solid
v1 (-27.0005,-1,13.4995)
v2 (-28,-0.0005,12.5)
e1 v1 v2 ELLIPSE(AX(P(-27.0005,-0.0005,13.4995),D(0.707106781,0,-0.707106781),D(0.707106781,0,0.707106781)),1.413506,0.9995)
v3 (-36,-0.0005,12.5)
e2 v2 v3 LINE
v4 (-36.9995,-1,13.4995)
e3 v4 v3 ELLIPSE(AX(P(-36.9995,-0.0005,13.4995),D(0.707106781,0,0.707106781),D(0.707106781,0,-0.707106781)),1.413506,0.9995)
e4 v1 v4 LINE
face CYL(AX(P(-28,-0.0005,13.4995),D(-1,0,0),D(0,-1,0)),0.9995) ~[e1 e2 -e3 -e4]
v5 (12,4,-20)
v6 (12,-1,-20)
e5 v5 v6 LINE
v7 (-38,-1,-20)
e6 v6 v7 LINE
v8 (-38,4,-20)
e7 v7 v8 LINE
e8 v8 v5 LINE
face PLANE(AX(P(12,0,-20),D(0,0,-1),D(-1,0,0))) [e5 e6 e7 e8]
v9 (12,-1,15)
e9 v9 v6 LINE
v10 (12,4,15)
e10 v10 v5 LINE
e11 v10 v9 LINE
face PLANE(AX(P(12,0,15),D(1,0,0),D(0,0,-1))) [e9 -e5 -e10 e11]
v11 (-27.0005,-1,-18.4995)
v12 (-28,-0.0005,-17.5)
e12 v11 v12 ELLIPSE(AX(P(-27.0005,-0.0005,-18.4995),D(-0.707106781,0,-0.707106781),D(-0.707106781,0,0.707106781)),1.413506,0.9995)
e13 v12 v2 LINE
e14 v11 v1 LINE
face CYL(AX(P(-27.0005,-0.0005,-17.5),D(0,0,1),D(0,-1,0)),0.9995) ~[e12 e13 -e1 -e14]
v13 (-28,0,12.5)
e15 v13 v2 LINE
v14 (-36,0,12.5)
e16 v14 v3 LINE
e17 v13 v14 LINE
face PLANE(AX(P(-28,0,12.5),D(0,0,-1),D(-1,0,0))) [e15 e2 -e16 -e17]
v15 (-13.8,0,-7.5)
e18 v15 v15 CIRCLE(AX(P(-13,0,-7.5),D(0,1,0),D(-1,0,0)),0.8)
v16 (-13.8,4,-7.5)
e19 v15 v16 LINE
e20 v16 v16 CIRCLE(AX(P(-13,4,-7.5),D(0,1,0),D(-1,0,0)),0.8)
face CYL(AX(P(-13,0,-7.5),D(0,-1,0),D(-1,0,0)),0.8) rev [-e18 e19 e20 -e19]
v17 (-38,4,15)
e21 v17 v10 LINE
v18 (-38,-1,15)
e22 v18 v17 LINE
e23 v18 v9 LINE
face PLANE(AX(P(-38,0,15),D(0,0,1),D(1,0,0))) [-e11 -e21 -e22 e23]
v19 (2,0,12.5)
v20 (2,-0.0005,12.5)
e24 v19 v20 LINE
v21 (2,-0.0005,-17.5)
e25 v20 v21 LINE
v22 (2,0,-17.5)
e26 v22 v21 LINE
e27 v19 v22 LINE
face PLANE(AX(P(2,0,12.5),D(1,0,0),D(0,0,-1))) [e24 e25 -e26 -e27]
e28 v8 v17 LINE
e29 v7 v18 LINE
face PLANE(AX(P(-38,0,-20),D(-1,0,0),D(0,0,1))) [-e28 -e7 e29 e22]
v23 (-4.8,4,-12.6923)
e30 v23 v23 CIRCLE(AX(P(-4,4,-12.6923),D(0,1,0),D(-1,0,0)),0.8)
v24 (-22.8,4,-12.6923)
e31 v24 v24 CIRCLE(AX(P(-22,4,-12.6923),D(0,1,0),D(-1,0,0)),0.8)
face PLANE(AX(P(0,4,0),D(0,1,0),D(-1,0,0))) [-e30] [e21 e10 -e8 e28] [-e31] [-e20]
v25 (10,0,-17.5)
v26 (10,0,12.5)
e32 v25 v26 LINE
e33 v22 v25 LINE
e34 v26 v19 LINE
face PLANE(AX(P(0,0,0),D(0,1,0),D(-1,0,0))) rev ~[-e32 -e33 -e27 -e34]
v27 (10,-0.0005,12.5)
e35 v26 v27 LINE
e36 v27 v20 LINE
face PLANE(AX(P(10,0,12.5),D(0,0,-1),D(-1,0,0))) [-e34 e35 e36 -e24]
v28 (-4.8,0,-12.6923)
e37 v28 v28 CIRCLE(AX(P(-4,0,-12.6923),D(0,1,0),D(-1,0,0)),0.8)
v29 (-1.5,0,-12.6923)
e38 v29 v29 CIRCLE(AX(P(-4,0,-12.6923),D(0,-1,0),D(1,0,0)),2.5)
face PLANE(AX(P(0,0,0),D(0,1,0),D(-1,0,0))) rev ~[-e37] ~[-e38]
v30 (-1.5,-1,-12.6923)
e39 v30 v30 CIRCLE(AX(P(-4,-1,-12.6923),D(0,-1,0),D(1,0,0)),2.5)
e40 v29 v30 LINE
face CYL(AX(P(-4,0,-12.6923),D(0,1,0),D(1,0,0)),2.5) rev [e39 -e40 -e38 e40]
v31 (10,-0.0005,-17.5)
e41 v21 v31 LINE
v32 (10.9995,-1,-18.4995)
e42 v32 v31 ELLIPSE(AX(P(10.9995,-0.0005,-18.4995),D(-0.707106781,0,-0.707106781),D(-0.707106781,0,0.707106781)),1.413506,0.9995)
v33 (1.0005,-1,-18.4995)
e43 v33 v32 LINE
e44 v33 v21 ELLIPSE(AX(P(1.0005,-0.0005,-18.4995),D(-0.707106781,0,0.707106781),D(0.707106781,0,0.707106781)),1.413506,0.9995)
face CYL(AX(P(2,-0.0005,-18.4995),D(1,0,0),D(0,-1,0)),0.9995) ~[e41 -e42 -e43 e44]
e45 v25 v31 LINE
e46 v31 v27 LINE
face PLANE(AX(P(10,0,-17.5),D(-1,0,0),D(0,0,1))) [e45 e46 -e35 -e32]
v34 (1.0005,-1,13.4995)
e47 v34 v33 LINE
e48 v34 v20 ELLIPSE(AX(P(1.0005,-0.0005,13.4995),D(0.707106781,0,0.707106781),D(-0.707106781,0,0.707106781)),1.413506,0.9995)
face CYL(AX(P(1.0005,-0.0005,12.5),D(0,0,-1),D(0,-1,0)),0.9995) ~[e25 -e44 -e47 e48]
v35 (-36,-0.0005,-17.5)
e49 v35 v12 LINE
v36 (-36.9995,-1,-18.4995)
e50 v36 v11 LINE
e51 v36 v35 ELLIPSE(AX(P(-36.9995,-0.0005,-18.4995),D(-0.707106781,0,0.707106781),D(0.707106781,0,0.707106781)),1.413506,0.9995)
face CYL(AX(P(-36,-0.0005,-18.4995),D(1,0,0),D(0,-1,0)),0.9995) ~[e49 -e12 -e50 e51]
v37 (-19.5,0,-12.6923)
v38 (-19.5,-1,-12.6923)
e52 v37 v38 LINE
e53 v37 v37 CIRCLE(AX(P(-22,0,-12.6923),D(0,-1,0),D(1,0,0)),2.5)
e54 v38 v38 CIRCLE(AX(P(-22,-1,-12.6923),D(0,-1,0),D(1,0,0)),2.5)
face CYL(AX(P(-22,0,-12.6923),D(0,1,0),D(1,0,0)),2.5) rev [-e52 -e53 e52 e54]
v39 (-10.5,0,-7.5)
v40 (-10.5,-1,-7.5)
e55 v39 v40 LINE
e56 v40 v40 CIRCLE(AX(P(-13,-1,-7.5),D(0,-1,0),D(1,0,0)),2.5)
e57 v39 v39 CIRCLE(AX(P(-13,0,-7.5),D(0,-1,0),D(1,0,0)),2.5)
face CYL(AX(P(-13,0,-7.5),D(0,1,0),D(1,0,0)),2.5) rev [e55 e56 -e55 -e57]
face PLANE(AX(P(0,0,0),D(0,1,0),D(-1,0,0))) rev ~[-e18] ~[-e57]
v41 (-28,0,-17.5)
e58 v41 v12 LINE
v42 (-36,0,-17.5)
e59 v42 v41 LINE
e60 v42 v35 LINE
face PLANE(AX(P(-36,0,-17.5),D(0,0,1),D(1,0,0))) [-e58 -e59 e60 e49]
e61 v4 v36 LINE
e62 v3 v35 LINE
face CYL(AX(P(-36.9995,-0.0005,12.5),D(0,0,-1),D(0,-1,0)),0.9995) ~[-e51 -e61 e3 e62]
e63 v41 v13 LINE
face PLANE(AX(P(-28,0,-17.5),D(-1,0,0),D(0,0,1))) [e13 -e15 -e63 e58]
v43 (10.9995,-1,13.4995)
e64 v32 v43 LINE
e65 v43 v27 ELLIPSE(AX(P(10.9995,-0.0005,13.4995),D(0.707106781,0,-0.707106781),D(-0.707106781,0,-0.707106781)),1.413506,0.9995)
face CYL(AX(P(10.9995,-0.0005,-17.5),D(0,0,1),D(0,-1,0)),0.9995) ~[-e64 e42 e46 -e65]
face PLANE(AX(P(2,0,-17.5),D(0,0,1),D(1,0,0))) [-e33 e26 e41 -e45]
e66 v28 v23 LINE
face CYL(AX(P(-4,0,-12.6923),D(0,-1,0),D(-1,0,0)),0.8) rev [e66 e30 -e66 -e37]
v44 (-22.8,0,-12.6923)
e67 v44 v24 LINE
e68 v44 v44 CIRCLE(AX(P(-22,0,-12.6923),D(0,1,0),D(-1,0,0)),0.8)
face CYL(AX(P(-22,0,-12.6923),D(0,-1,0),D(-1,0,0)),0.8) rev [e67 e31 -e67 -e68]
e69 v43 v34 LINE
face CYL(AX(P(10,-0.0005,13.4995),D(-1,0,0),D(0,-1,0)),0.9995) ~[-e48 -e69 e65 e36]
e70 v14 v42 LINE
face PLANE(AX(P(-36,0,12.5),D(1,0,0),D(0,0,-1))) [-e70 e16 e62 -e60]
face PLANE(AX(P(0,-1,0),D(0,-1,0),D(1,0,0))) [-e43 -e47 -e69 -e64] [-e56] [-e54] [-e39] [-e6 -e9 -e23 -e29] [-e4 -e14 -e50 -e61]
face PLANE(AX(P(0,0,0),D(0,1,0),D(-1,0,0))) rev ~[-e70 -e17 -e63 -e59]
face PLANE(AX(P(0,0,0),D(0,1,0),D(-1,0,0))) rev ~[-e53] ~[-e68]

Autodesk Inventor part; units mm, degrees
ref_plane "YZ Plane" through (0, 0, 0) normal (1, 0, 0) x (0, 1, 0)
ref_plane "XZ Plane" through (0, 0, 0) normal (0, 1, 0) x (-1, 0, 0)
ref_plane "XY Plane" through (0, 0, 0) normal (0, 0, 1) x (1, 0, 0)
sketch "スケッチ1" plane through (0, 0, 0) normal (0, 1, 0) x (-1, 0, 0)
  line L0 (26, 0) -> (0, 0)
  line L1 (0, 0) -> (0, -15)
  line L2 (0, -15) -> (26, -15)
  line L3 (26, -15) -> (26, 0)
  line L4 (36.4849, 5.9511) -> (26, -20)
  line L5 (26, -20) -> (0, -20)
  line L6 (0, -20) -> (-10.4849, 5.9511)
  arc A0 (36.4849, 5.9511) -> (-10.4849, 5.9511) centre (13, -20) ccw
  line L7 (0, 0) -> (26, -15)
  line L8 (0, -15) -> (26, 0)
  line L9 (4, -2.3077) -> (22, -2.3077)
  line L10 (22, -2.3077) -> (22, -12.6923)
  line L11 (22, -12.6923) -> (4, -12.6923)
  line L12 (4, -12.6923) -> (4, -2.3077)
  circle A1 centre (4, -2.3077) radius 0.8
  circle A2 centre (4, -12.6923) radius 0.8
  circle A3 centre (22, -2.3077) radius 0.8
  circle A4 centre (22, -12.6923) radius 0.8
  circle A5 centre (13, -7.5) radius 0.8
  line L13 (38, 15) -> (-12, 15)
  line L14 (-12, 15) -> (-12, -20)
  line L15 (-12, -20) -> (38, -20)
  line L16 (38, -20) -> (38, 15)
  point P0 (22.6929, -13.0921)
  point P1 (21.2, -12.6923)
  point P2 (13, 15)
  point P3 (13, -7.5)
  point P4 (13, 15)
  point P5 (0, -20)
  dimension "d0" = 26
  dimension "d1" = 15
  dimension "d4" = 22
  dimension "d5" = 22
  dimension "d6" = 5
  dimension "d7" = 35
  dimension "d23" = 4
  dimension "d24" = 1.6
  dimension "d25" = 1.6
  dimension "d26" = 1.6
  dimension "d27" = 1.6
  dimension "d32" = 1.6
  dimension "d54" = 50
  dimension "d55" = 35
extrude "押し出し1" add sketch "スケッチ1" along normal blind 4 contours L8 A3 L9 A1 L7 L0 | L3 L7 A4 L10 A3 L8 | L7 A1 L12 A2 L8 L1 | L2 L8 A2 L11 A4 L7 | A3 L10 L8 | L8 L9 A3 | A1 L9 L7 | L7 L12 A1 | L10 A3 L8 | L8 A3 L9 | A3 L8 A5 L7 A1 L9 | L9 A1 L7 | L7 A1 L12 | A1 L7 A5 L8 A2 L12 | L11 A2 L8 A5 L7 A4 | A3 L10 A4 L7 A5 L8 | A0 L13 L16 L15 L4 | L4 L5 L6 A0 | A0 L6 L15 L14 L13
sketch "スケッチ5" plane through (0, 0, 0) normal (0, -1, 0) x (1, 0, 0)
  line L0 (12, -20) -> (-38, -20) projected
  line L1 (12, 15) -> (12, -20) projected
  line L2 (-38, 15) -> (12, 15) projected
  line L3 (-38, -20) -> (-38, 15) projected
  circle A0 centre (-13, -7.5) radius 0.8 projected
  circle A1 centre (-4, -12.6923) radius 0.8 projected
  circle A2 centre (-22, -12.6923) radius 0.8 projected
  circle A3 centre (-13, -7.5) radius 2.5
  circle A4 centre (-4, -12.6923) radius 2.5
  circle A5 centre (-22, -12.6923) radius 2.5
  line L4 (10, 12.5) -> (2, 12.5)
  line L5 (2, 12.5) -> (2, -17.5)
  line L6 (2, -17.5) -> (10, -17.5)
  line L7 (10, -17.5) -> (10, 12.5)
  line L8 (-28, 12.5) -> (-36, 12.5)
  line L9 (-36, 12.5) -> (-36, -17.5)
  line L10 (-36, -17.5) -> (-28, -17.5)
  line L11 (-28, -17.5) -> (-28, 12.5)
  point P0 (0, 0)
  point P1 (10, -2.5)
  point P2 (12, -2.5)
  point P3 (-28, -2.5)
  dimension "d56" = 5
  dimension "d57" = 5
  dimension "d58" = 5
  dimension "d61" = 8
  dimension "d62" = 30
  dimension "d63" = 2
  dimension "d64" = 2
extrude "押し出し5" add sketch "スケッチ5" along normal blind 1 contours L0 L3 L2 L1
fillet "フィレット3" radius 1 8 edges at (6, -1, 12.5) (10, -1, -2.5) (6, -1, -17.5) (2, -1, -2.5) (-28, -1, -2.5) (-32, -1, -17.5) (-36, -1, -2.5) (-32, -1, 12.5)
equation "\"d5\" = d4"
equation "\"BendRadius\" = Thickness"
equation "\"BendReliefWidth\" = Thickness"
equation "\"BendReliefDepth\" = 0.5 * Thickness"
equation "\"CornerReliefSize\" = 4 * Thickness"
equation "\"MinimumRemnant\" = 2 * Thickness"
equation "\"TransitionRadius\" = BendRadius"
equation "\"JacobiRadiusSize\" = BendRadius"
equation "\"GapSize\" = Thickness"
equation "\"Thickness\" = 3.048"
properties part number "toe_sole_front"
